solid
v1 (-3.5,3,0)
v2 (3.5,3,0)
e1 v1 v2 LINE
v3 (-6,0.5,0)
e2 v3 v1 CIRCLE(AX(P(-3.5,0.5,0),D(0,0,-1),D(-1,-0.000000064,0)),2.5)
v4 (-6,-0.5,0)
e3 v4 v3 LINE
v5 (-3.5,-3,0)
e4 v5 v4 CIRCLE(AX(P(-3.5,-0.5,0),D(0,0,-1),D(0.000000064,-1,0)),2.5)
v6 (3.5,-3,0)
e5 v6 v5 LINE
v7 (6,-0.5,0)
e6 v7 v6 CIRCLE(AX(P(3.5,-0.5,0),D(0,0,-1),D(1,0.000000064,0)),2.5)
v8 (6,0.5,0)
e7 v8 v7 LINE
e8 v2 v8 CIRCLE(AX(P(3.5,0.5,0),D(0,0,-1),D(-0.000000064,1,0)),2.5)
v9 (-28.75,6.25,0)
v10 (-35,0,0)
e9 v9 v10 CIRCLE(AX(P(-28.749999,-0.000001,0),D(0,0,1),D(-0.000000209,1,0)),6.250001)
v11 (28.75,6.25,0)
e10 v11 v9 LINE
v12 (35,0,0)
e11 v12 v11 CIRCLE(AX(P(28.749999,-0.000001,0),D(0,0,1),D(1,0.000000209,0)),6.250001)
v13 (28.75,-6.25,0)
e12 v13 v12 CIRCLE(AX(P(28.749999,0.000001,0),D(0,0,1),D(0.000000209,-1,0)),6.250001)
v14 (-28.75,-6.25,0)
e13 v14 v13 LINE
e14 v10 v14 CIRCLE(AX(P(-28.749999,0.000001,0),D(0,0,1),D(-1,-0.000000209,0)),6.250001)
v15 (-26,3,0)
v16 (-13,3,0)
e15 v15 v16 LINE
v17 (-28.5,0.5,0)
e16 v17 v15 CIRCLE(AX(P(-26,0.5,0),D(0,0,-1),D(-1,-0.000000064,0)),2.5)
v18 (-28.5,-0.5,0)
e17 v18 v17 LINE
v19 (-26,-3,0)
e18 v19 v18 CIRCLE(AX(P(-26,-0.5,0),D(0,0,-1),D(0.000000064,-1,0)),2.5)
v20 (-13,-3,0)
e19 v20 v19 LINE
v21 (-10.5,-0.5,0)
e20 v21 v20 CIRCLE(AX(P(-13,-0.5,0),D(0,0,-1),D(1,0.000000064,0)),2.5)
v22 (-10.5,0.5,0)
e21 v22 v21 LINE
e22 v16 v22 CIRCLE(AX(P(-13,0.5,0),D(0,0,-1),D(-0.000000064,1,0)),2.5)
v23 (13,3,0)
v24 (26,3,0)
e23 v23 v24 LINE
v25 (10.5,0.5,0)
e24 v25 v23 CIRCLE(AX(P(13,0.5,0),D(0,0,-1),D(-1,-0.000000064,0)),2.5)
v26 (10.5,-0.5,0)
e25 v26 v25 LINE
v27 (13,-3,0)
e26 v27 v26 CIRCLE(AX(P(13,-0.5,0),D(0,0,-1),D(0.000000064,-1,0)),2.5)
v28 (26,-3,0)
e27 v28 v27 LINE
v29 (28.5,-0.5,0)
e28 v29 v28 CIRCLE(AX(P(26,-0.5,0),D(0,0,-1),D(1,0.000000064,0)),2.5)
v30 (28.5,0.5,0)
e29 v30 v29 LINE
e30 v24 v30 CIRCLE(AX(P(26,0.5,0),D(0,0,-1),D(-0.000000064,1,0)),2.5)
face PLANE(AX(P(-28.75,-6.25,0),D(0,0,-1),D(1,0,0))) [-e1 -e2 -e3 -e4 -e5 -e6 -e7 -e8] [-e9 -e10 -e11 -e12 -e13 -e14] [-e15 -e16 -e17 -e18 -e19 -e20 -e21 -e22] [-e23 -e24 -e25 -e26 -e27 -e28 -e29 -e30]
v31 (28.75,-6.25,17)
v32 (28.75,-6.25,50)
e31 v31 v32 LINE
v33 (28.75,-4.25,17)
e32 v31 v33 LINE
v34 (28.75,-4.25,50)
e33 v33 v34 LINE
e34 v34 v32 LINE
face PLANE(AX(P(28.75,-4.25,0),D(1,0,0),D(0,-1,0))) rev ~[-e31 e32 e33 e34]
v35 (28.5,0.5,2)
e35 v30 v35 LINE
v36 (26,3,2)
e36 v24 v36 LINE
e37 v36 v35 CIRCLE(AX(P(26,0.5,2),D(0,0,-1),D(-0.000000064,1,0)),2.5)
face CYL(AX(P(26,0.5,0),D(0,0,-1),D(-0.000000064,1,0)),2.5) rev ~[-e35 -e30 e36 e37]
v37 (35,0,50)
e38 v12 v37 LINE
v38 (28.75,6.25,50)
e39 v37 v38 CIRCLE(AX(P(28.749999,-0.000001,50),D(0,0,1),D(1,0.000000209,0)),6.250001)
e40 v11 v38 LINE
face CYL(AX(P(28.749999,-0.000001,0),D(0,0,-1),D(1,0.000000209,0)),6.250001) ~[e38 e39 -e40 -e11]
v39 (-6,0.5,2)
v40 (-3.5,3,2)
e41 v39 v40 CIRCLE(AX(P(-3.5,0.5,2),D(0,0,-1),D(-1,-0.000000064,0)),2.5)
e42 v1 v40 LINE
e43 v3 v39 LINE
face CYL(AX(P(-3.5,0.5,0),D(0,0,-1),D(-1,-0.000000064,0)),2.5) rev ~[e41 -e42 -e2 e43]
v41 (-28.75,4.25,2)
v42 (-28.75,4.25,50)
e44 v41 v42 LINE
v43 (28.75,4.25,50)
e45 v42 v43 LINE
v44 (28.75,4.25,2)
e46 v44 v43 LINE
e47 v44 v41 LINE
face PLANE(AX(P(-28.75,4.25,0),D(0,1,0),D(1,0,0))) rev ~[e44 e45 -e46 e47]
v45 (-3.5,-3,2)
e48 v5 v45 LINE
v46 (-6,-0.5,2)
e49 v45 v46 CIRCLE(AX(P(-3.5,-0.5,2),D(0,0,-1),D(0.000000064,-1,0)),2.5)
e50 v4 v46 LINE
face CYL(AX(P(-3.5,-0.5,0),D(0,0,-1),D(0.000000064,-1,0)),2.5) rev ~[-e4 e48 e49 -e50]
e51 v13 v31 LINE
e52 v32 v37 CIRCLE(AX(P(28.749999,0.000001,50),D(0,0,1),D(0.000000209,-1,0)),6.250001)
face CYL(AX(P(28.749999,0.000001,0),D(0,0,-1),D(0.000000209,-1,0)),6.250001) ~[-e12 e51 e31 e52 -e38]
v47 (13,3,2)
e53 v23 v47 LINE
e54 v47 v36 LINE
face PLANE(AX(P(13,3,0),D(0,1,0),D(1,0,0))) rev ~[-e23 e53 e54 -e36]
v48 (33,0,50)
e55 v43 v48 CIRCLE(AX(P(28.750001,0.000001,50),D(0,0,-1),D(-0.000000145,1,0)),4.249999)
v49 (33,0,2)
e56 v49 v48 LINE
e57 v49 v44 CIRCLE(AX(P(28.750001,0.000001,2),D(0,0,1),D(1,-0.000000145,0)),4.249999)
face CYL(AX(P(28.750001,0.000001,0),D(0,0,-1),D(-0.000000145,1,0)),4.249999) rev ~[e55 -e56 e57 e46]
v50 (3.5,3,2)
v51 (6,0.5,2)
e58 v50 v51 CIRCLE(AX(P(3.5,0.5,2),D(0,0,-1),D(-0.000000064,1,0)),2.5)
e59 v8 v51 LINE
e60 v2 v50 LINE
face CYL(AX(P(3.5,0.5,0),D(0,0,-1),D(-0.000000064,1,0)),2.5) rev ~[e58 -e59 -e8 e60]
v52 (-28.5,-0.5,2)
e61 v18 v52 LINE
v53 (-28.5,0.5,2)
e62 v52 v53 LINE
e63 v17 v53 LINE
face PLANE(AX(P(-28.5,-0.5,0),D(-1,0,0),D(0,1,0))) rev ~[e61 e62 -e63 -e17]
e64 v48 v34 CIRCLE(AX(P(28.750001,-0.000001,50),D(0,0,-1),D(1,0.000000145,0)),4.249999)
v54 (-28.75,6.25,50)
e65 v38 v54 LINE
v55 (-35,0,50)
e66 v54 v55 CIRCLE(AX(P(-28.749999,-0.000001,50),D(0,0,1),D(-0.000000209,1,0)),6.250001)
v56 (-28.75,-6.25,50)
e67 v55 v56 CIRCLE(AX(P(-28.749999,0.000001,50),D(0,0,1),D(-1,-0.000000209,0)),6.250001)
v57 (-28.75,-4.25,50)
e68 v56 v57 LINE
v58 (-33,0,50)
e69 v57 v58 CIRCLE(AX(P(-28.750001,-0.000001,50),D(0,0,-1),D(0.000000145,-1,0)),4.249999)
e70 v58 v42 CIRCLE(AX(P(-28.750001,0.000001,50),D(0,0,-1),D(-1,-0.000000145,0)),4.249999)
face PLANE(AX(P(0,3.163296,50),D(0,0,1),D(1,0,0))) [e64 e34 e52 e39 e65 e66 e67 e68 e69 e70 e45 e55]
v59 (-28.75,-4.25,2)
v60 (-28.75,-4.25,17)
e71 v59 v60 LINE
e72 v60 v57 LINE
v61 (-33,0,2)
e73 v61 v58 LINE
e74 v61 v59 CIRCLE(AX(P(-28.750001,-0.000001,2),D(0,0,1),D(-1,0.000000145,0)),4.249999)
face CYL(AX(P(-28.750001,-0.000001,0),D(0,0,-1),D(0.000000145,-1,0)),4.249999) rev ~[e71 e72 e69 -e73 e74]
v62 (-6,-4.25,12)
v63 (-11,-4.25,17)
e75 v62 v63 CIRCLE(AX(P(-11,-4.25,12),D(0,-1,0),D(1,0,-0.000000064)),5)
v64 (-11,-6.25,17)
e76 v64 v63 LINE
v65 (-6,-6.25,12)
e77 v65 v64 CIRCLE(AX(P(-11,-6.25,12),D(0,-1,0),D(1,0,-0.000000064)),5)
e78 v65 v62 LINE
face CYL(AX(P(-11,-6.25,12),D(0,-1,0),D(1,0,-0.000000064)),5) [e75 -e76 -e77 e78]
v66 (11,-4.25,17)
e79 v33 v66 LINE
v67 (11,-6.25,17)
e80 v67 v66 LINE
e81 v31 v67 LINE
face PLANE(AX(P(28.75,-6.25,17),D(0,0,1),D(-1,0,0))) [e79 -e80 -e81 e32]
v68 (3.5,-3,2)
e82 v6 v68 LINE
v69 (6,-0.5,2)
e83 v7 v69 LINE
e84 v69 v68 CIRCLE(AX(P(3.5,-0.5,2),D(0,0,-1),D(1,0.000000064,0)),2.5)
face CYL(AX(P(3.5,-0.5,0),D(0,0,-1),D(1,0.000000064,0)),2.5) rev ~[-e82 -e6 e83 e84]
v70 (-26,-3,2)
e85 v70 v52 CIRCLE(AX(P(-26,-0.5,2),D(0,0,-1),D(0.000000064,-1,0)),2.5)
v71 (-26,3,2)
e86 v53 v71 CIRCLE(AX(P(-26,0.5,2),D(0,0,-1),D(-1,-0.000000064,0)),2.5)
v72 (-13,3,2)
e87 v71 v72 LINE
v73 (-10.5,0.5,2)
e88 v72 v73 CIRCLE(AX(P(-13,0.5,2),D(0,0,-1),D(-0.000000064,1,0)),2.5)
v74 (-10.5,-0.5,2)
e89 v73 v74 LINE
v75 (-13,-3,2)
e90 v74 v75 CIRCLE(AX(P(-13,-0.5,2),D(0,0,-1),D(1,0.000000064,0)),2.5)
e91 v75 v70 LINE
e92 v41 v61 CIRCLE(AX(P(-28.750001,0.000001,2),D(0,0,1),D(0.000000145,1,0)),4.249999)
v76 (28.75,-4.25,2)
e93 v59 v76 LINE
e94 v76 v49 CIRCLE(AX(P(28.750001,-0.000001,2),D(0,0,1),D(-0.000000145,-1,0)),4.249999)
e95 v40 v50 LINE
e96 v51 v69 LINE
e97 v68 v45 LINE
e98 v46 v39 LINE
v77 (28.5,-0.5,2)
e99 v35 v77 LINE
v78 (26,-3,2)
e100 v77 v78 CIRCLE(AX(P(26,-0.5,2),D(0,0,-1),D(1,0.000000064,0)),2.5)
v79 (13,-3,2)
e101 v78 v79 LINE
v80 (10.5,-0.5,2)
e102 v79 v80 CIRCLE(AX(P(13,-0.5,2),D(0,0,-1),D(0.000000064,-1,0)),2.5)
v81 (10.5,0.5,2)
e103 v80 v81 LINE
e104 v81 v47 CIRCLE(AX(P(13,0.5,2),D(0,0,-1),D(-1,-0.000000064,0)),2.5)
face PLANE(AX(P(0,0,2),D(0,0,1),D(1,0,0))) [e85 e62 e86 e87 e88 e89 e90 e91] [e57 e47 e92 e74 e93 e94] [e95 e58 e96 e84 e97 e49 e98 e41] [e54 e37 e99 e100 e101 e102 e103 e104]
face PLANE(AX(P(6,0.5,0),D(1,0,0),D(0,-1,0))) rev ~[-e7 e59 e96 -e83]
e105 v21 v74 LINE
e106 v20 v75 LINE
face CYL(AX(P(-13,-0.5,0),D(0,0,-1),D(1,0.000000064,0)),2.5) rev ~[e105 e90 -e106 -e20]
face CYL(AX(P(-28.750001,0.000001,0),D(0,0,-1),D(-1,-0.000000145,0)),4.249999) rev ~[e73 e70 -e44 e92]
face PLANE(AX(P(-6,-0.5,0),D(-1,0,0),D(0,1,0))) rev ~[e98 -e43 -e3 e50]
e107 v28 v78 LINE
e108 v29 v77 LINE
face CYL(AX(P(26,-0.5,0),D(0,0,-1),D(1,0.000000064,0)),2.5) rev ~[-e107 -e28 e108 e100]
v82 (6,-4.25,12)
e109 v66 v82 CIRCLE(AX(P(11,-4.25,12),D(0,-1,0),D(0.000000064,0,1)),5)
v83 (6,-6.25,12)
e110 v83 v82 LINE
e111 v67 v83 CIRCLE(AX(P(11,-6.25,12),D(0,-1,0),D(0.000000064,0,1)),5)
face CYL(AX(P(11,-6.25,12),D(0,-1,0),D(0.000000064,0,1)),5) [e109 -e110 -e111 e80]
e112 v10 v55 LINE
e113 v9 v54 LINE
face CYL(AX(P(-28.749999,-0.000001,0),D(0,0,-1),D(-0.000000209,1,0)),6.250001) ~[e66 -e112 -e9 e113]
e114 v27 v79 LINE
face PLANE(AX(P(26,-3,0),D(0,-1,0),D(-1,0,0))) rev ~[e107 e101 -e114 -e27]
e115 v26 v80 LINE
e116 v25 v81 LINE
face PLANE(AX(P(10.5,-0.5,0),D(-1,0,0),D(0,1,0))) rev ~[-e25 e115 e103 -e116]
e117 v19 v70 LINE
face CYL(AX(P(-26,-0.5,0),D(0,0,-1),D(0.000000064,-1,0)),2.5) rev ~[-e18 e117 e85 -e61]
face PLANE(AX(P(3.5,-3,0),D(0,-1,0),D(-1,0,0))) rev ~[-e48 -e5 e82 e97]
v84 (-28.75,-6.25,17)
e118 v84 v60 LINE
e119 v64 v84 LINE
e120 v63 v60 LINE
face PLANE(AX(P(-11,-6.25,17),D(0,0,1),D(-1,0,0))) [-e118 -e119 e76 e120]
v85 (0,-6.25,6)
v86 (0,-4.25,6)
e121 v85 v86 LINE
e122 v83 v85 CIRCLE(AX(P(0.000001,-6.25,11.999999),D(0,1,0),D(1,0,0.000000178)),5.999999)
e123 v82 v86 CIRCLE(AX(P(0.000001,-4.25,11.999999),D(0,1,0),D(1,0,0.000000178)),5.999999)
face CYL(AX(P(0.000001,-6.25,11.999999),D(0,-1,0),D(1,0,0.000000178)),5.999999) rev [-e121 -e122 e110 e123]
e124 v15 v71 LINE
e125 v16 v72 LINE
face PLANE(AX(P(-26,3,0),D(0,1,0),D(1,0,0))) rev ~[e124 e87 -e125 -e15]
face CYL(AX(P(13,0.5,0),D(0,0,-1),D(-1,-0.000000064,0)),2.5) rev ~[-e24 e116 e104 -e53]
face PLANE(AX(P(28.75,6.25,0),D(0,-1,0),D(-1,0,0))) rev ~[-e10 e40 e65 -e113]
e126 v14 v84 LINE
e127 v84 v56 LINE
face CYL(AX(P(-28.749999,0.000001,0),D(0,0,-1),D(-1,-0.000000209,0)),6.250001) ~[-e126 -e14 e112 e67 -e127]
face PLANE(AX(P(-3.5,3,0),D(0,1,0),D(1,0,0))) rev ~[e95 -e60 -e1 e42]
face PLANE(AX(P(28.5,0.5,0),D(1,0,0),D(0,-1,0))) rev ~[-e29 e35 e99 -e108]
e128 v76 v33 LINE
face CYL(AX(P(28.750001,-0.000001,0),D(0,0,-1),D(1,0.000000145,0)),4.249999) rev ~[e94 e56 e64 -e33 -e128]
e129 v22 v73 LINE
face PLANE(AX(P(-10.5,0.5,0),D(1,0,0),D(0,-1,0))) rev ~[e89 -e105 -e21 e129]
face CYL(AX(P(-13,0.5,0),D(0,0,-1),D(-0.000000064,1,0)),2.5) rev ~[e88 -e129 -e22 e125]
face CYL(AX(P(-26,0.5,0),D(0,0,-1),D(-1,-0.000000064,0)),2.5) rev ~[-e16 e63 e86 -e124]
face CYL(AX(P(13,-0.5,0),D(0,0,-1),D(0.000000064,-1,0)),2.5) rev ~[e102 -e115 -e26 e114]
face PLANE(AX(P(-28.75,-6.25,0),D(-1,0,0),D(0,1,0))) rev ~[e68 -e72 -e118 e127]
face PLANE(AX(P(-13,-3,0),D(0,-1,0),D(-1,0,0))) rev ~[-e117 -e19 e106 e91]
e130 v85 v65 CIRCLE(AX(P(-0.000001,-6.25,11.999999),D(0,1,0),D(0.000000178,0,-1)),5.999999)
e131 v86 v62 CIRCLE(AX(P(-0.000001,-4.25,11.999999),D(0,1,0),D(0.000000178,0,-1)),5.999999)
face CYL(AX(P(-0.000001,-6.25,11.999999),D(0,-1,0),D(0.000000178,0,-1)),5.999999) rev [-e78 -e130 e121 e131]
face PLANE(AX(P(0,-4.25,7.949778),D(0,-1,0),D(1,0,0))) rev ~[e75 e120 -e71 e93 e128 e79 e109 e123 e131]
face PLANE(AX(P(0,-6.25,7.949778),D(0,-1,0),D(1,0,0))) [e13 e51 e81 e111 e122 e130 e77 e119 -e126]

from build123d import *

# Parameters (mm, degrees)
F3_DEPTH = 50
F4_DEPTH = 2
F5_DEPTH = 2


with BuildPart() as f3:
    # F0 (on Top) → F3 (new body)
    with BuildSketch(Plane.XY):
        with BuildLine():
            ThreePointArc((35, 0), (33.169417, 4.419417), (28.75, 6.25))
            Line((28.75, 6.25), (-28.75, 6.25))
            ThreePointArc((-28.75, 6.25), (-33.169417, 4.419417), (-35, 0))
            ThreePointArc((-35, 0), (-33.169417, -4.419417), (-28.75, -6.25))
            Line((-28.75, -6.25), (-28.75, -4.25))
            ThreePointArc((-28.75, -4.25), (-31.755204, -3.005204), (-33, 0))
            ThreePointArc((-33, 0), (-31.755204, 3.005204), (-28.75, 4.25))
            Line((-28.75, 4.25), (28.75, 4.25))
            ThreePointArc((28.75, 4.25), (31.755204, 3.005204), (33, 0))
            ThreePointArc((33, 0), (31.755204, -3.005204), (28.75, -4.25))
            Line((28.75, -4.25), (28.75, -6.25))
            ThreePointArc((28.75, -6.25), (33.169417, -4.419417), (35, 0))
        make_face()
    extrude(amount=F3_DEPTH)

    # F0 (on Top) → F4 (join)
    with BuildSketch(Plane.XY):
        with BuildLine():
            Line((-28.75, -4.25), (28.75, -4.25))
            ThreePointArc((28.75, -4.25), (31.755204, -3.005204), (33, 0))
            ThreePointArc((33, 0), (31.755204, 3.005204), (28.75, 4.25))
            Line((28.75, 4.25), (-28.75, 4.25))
            ThreePointArc((-28.75, 4.25), (-31.755204, 3.005204), (-33, 0))
            ThreePointArc((-33, 0), (-31.755204, -3.005204), (-28.75, -4.25))
        make_face()
        with BuildLine():
            Line((-26, 3), (-13, 3))
            ThreePointArc((-13, 3), (-11.232233, 2.267767), (-10.5, 0.5))
            Line((-10.5, 0.5), (-10.5, -0.5))
            ThreePointArc((-10.5, -0.5), (-11.232233, -2.267767), (-13, -3))
            Line((-13, -3), (-26, -3))
            ThreePointArc((-26, -3), (-27.767767, -2.267767), (-28.5, -0.5))
            Line((-28.5, -0.5), (-28.5, 0.5))
            ThreePointArc((-28.5, 0.5), (-27.767767, 2.267767), (-26, 3))
        make_face(mode=Mode.SUBTRACT)
        with BuildLine():
            Line((3.5, -3), (-3.5, -3))
            ThreePointArc((-3.5, -3), (-5.267767, -2.267767), (-6, -0.5))
            Line((-6, -0.5), (-6, 0.5))
            ThreePointArc((-6, 0.5), (-5.267767, 2.267767), (-3.5, 3))
            Line((-3.5, 3), (3.5, 3))
            ThreePointArc((3.5, 3), (5.267767, 2.267767), (6, 0.5))
            Line((6, 0.5), (6, -0.5))
            ThreePointArc((6, -0.5), (5.267767, -2.267767), (3.5, -3))
        make_face(mode=Mode.SUBTRACT)
        with BuildLine():
            ThreePointArc((10.5, 0.5), (11.232233, 2.267767), (13, 3))
            Line((13, 3), (26, 3))
            ThreePointArc((26, 3), (27.767767, 2.267767), (28.5, 0.5))
            Line((28.5, 0.5), (28.5, -0.5))
            ThreePointArc((28.5, -0.5), (27.767767, -2.267767), (26, -3))
            Line((26, -3), (13, -3))
            ThreePointArc((13, -3), (11.232233, -2.267767), (10.5, -0.5))
            Line((10.5, -0.5), (10.5, 0.5))
        make_face(mode=Mode.SUBTRACT)
    extrude(amount=F4_DEPTH)

    # F2 (on face) → F5 (join)
    with BuildSketch(Plane.XZ.offset(6.25)):
        with BuildLine():
            Line((-28.75, 17), (-28.75, 0))
            Line((-28.75, 0), (28.75, 0))
            Line((28.75, 0), (28.75, 17))
            Line((28.75, 17), (11, 17))
            ThreePointArc((11, 17), (7.464466, 15.535534), (6, 12))
            ThreePointArc((6, 12), (4.242641, 7.757359), (0, 6))
            ThreePointArc((0, 6), (-4.242641, 7.757359), (-6, 12))
            ThreePointArc((-6, 12), (-7.464466, 15.535534), (-11, 17))
            Line((-11, 17), (-28.75, 17))
        make_face()
    extrude(amount=-F5_DEPTH)


solid = f3.part
